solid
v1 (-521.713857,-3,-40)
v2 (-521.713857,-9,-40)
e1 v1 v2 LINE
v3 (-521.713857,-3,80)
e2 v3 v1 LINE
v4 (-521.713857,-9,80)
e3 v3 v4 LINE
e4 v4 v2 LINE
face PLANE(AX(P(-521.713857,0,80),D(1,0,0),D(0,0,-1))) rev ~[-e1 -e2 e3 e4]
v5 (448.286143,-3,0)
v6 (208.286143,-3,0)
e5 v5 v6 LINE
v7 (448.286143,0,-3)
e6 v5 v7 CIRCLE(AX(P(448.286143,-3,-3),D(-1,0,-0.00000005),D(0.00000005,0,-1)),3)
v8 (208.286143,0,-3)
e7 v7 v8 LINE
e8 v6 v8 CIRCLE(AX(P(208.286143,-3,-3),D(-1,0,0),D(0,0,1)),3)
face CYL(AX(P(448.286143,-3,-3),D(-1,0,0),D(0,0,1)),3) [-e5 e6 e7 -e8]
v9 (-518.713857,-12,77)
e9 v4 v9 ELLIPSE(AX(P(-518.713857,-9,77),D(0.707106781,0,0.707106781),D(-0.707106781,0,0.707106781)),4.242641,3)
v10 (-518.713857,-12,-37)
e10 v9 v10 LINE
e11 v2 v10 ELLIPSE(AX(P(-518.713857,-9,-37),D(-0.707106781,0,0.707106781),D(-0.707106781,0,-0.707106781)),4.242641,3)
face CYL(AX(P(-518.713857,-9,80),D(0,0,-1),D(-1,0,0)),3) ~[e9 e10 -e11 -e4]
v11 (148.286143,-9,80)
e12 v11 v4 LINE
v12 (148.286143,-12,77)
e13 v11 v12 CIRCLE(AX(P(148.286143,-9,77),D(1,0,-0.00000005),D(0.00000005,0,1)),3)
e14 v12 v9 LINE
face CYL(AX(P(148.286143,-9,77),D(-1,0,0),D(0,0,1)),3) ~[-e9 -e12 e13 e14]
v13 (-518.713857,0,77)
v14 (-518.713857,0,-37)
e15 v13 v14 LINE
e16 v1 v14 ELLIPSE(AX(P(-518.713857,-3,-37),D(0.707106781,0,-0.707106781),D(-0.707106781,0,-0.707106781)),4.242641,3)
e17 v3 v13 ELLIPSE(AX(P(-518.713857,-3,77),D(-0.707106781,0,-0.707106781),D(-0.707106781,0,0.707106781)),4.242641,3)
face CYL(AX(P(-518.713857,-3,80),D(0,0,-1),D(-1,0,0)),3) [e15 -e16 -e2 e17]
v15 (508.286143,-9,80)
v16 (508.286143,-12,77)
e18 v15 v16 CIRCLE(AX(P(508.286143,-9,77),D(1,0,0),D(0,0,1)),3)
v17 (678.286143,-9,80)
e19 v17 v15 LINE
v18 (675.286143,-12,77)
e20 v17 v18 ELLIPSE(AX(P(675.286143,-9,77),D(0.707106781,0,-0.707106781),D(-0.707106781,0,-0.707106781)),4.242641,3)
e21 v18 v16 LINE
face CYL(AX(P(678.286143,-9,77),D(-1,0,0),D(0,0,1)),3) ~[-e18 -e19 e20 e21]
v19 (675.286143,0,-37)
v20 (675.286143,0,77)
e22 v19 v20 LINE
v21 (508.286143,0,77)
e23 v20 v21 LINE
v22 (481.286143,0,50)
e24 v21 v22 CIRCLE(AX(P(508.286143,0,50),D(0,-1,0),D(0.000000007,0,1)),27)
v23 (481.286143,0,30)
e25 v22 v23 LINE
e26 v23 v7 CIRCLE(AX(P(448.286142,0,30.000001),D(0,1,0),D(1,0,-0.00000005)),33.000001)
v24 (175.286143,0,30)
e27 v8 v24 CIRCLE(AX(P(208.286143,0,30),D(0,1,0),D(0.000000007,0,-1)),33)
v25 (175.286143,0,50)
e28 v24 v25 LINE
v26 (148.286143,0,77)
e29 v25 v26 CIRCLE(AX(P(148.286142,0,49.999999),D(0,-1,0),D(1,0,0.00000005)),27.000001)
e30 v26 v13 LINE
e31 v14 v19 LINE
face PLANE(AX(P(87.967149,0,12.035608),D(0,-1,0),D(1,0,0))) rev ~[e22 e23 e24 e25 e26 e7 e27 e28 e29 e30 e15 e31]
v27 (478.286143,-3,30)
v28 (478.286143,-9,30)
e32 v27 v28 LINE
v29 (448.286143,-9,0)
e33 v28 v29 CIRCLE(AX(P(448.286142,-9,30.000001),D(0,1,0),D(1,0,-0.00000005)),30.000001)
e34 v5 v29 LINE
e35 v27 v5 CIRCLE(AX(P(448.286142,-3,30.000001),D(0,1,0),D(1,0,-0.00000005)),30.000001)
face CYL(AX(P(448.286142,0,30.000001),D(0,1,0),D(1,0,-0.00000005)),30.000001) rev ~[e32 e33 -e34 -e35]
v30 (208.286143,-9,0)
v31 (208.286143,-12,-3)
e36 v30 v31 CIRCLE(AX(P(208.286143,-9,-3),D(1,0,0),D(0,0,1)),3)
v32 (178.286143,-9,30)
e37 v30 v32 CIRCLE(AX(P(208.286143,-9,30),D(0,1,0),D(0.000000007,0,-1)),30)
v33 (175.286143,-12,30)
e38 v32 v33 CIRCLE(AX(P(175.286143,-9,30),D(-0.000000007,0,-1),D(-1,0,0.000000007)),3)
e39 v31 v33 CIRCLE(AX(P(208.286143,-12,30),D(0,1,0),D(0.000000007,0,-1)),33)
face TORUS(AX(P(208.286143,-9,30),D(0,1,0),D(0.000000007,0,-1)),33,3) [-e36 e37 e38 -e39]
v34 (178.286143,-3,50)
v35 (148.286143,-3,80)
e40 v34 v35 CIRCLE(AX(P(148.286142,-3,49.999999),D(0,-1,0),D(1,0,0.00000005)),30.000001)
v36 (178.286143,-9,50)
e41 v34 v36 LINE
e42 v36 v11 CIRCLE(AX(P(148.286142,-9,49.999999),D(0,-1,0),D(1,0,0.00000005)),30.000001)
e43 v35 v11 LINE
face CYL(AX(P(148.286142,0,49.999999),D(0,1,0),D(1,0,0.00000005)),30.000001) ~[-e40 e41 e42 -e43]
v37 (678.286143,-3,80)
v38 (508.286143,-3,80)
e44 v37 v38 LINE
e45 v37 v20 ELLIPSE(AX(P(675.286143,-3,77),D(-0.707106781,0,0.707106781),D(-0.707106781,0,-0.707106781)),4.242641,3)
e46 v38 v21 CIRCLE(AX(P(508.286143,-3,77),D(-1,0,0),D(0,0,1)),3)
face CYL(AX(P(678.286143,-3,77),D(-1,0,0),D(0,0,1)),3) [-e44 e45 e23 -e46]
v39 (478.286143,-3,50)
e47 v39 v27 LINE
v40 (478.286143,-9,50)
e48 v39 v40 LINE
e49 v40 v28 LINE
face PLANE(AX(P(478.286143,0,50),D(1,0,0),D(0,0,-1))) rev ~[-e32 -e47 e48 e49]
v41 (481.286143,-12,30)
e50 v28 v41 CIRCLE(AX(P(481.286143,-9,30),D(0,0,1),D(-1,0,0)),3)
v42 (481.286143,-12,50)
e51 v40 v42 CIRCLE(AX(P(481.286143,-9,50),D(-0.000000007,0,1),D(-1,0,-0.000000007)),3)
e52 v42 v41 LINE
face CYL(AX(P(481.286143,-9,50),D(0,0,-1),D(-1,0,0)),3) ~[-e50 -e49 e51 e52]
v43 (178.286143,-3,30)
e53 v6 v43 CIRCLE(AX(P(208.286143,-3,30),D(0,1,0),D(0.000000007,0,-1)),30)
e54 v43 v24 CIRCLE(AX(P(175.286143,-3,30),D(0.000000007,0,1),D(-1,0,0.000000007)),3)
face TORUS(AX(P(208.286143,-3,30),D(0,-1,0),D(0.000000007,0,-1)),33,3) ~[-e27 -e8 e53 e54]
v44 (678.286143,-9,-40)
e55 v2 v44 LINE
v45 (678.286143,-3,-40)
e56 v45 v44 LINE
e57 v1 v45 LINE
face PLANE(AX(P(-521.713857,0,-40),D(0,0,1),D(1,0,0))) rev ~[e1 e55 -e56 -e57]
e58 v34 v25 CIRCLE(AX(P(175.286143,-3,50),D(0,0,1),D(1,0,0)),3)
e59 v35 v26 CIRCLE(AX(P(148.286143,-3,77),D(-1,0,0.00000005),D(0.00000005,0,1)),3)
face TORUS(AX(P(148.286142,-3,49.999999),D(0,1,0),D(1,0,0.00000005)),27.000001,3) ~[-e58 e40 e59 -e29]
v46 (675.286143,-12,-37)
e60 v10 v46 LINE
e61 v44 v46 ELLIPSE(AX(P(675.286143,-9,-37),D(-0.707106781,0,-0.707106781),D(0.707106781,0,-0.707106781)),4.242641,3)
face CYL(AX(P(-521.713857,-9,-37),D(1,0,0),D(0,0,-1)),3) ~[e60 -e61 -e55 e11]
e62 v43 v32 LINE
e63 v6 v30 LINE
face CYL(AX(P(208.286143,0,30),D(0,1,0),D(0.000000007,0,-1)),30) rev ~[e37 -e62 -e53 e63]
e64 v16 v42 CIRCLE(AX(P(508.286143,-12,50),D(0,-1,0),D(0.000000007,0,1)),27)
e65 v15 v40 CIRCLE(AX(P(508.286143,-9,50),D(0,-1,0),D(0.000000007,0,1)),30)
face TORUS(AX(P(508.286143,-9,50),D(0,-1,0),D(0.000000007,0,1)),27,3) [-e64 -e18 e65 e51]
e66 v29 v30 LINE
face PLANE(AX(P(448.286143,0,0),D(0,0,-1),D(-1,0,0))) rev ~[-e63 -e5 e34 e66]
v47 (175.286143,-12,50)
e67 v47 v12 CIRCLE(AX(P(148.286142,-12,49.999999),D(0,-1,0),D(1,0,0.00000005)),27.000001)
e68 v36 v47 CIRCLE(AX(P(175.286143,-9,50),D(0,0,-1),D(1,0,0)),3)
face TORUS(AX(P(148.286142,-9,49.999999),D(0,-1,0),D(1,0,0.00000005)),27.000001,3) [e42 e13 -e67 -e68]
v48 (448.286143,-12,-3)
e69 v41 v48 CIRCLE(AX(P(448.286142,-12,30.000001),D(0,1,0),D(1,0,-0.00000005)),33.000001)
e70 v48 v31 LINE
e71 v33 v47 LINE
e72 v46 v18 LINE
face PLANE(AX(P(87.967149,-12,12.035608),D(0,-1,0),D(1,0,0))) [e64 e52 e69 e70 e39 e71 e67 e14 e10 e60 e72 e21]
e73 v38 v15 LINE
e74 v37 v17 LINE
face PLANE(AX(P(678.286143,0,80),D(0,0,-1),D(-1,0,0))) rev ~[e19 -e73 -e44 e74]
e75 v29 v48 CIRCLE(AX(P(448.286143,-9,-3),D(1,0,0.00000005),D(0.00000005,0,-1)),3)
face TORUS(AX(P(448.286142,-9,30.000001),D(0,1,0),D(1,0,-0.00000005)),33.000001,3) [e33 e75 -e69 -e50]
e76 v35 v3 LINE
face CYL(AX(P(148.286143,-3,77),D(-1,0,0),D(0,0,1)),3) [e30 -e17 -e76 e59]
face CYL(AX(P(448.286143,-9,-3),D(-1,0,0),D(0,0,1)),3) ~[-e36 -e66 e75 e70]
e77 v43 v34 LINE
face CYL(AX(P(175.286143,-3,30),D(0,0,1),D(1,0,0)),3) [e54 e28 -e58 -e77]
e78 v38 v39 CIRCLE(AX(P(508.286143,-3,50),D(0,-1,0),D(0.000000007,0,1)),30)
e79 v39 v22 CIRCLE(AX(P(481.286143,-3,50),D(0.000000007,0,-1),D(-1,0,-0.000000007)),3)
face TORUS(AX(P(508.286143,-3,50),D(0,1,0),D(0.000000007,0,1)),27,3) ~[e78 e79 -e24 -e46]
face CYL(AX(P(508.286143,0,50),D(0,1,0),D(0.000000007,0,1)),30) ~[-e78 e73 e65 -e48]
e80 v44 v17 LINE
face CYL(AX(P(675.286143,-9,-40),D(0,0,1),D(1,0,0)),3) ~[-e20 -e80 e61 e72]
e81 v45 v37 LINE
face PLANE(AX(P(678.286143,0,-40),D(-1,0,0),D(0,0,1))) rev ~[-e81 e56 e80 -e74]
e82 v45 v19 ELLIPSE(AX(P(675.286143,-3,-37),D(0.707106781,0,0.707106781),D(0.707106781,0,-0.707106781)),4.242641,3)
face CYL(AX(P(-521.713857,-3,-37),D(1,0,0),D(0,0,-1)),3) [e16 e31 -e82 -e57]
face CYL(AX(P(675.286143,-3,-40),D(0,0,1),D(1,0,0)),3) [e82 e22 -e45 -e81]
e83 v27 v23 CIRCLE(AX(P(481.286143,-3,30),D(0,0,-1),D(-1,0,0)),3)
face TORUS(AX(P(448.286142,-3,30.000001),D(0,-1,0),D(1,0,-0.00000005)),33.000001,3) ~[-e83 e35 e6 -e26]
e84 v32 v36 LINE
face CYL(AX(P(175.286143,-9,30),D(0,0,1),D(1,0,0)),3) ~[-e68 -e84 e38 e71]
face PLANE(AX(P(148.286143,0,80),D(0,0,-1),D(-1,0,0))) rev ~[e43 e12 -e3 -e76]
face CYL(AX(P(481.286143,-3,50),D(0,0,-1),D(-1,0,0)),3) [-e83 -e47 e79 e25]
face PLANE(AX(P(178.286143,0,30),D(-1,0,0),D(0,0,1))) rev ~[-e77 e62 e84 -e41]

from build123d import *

# Parameters (mm, degrees)
F1_DEPTH = 12
F3_R     = 3


with BuildPart() as f1:
    # F0 (on Front) → F1 (new body)
    with BuildSketch(Plane.XZ):
        with BuildLine():
            Line((148.286143, 80), (-521.713857, 80))
            Line((-521.713857, 80), (-521.713857, -40))
            Line((-521.713857, -40), (678.286143, -40))
            Line((678.286143, -40), (678.286143, 80))
            Line((678.286143, 80), (508.286143, 80))
            ThreePointArc((508.286143, 80), (487.072939, 71.213203), (478.286143, 50))
            Line((478.286143, 50), (478.286143, 30))
            ThreePointArc((478.286143, 30), (469.499346, 8.786797), (448.286143, 0))
            Line((448.286143, 0), (208.286143, 0))
            ThreePointArc((208.286143, 0), (187.072939, 8.786797), (178.286143, 30))
            Line((178.286143, 30), (178.286143, 50))
            ThreePointArc((178.286143, 50), (169.499346, 71.213203), (148.286143, 80))
        make_face()
    extrude(amount=F1_DEPTH)

    # F3
    f3_edges = [f1.edges().sort_by_distance(p)[0] for p in [
        (-186.713857, 0, 80),
        (-521.713857, 0, 20),
        (78.286143, 0, -40),
        (678.286143, 0, 20),
        (593.286143, 0, 80),
        (487.072939, 0, 71.213203),
        (478.286143, 0, 40),
        (469.499346, 0, 8.786797),
        (328.286143, 0, 0),
        (187.072939, 0, 8.786797),
        (178.286143, 0, 40),
        (169.499346, 0, 71.213203),
        (-186.713857, -12, 80),
        (-521.713857, -12, 20),
        (78.286143, -12, -40),
        (678.286143, -12, 20),
        (593.286143, -12, 80),
        (487.072939, -12, 71.213203),
        (478.286143, -12, 40),
        (469.499346, -12, 8.786797),
        (328.286143, -12, 0),
        (187.072939, -12, 8.786797),
        (178.286143, -12, 40),
        (169.499346, -12, 71.213203),
    ]]
    fillet(f3_edges, radius=F3_R)


solid = f1.part
